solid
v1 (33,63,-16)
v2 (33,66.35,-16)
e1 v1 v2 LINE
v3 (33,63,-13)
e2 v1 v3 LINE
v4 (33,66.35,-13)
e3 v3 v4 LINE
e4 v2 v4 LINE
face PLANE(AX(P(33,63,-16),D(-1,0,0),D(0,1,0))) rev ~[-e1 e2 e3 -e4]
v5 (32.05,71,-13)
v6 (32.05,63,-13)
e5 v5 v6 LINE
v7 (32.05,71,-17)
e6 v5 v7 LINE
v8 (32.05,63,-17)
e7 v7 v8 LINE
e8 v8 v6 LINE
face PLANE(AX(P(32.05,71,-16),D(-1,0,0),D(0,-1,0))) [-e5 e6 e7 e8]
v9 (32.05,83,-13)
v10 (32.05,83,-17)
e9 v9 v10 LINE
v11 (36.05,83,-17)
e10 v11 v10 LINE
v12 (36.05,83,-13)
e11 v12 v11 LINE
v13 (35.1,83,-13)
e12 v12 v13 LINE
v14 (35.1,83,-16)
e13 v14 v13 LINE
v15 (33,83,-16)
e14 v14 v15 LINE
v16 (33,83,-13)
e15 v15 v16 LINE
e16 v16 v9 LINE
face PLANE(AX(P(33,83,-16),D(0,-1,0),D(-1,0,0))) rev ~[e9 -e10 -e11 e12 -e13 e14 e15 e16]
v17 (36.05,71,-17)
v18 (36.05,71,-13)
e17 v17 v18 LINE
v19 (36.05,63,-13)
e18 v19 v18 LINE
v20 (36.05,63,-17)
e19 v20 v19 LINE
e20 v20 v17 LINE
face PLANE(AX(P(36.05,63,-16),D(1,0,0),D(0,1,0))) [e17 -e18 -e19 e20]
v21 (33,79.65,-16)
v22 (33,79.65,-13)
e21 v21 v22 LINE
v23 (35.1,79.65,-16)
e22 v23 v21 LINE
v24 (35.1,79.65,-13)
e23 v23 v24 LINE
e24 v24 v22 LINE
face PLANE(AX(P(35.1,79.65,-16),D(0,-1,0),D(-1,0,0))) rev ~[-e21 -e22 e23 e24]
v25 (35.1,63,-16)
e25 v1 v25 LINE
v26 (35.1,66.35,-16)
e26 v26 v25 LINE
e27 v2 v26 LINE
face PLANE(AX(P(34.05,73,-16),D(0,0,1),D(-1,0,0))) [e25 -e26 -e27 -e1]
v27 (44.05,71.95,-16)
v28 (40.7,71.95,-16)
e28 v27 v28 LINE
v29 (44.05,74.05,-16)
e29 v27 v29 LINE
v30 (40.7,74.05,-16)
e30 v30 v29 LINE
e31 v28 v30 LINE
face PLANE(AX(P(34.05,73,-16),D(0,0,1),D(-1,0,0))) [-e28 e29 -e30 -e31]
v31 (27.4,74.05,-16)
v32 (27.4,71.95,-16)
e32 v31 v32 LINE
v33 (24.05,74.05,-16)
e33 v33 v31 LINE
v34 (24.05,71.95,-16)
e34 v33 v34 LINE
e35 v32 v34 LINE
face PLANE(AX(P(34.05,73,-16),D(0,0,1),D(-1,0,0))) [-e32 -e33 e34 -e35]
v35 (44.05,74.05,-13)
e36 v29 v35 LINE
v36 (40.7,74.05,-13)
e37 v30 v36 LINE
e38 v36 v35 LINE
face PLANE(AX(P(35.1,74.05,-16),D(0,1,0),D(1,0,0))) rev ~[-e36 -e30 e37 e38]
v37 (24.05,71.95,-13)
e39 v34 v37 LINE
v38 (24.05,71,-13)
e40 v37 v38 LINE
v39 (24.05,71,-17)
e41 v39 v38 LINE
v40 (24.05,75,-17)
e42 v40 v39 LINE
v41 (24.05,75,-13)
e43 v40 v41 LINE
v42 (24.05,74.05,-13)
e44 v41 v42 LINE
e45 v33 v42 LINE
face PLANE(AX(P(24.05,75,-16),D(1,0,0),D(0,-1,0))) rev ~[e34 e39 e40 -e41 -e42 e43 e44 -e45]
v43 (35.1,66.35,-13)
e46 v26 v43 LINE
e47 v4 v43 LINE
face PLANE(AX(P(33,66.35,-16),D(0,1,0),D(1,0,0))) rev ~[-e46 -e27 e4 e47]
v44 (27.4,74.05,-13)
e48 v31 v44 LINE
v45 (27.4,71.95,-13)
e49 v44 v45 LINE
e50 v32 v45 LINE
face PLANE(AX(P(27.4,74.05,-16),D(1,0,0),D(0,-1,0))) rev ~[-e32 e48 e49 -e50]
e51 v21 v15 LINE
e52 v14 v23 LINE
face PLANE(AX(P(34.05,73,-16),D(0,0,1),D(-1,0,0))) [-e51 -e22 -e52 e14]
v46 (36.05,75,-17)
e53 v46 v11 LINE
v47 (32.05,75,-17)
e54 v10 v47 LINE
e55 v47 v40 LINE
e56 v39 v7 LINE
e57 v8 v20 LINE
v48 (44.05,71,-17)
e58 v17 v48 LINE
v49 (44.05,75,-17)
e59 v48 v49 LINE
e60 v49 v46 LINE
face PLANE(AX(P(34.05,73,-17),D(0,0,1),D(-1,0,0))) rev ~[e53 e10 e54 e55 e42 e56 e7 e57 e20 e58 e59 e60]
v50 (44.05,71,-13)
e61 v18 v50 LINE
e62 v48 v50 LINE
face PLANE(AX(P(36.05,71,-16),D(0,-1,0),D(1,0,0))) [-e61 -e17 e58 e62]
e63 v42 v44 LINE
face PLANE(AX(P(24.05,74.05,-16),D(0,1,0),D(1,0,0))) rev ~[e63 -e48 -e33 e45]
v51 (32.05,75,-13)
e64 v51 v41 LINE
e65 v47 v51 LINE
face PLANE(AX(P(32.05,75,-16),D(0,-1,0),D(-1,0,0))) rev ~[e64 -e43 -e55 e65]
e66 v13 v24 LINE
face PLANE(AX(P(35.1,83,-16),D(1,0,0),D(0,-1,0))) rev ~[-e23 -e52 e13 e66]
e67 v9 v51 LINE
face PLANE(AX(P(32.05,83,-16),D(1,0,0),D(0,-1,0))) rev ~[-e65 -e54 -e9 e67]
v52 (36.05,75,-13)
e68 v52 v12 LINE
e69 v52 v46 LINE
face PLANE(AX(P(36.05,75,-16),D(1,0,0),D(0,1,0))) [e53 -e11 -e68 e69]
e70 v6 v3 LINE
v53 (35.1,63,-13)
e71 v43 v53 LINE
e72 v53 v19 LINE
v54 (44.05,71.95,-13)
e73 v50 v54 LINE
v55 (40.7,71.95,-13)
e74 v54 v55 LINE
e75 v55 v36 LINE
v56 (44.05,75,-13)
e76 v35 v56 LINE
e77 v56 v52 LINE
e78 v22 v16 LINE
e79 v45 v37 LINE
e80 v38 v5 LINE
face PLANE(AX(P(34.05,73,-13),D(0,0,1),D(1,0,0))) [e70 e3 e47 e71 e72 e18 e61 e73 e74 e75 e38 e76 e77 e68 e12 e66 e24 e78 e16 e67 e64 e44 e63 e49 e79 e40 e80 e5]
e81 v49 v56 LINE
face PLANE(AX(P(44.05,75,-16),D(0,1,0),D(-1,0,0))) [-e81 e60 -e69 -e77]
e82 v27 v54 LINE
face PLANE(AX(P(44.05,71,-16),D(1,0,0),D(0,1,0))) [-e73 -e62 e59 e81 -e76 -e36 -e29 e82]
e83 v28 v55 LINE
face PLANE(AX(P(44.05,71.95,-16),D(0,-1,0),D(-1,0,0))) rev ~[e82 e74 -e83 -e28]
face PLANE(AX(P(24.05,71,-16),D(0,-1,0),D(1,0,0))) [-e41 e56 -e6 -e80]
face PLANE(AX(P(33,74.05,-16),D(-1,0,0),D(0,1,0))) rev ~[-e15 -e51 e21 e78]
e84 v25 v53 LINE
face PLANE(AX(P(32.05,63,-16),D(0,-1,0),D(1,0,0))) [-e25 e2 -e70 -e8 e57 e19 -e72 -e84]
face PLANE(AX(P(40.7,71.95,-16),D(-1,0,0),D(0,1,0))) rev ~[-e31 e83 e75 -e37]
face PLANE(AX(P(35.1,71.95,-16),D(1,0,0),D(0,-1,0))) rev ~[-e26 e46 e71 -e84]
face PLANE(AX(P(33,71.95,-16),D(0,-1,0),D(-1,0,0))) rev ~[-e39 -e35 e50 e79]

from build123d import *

# Parameters (mm, degrees)
PAD325_DEPTH            = 1
PAD326_DEPTH            = 3
PAD327_DEPTH            = 3
BODY055_PLACEMENT_ANGLE = 180


with BuildPart() as part:
    # Sketch482 → Pad325 (new body)
    with BuildSketch(Plane.XY.offset(-28)):
        Polygon((-2, 2), (-2, 10), (2, 10), (2, 2), (10, 2), (10, -2), (2, -2), (2, -10), (-2, -10), (-2, -2), (-10, -2), (-10, 2), align=None)
    extrude(amount=PAD325_DEPTH)

    # Sketch483 (on Face13 of Pad325) → Pad326 (join)
    with BuildSketch(Plane(origin=(0, 0, -28), x_dir=(1, 0, 0), z_dir=(0, 0, -1))):
        Polygon((-2, 10), (-2, 2), (-10, 2), (-10, 1.05), (-1.05, 1.05), (-1.05, 10), align=None)
        Polygon((-10, -2), (-2, -2), (-2, -10), (-1.05, -10), (-1.05, -1.05), (-10, -1.05), align=None)
        Polygon((2, -10), (2, -2), (10, -2), (10, -1.05), (1.05, -1.05), (1.05, -10), align=None)
        Polygon((10, 2), (2, 2), (2, 10), (1.05, 10), (1.05, 1.05), (10, 1.05), align=None)
    extrude(amount=PAD326_DEPTH)

    # Sketch484 (on Face3 of Pad326) → Pad327 (join)
    with BuildSketch(Plane(origin=(0, 0, -28), x_dir=(1, 0, 0), z_dir=(0, 0, -1))):
        Polygon((-6.65, 1.05), (-6.65, -1.05), (-1.05, -1.05), (-1.05, -6.65), (1.05, -6.65), (1.05, -1.05), (6.65, -1.05), (6.65, 1.05), (1.05, 1.05), (1.05, 6.65), (-1.05, 6.65), (-1.05, 1.05), align=None)
    extrude(amount=PAD327_DEPTH)


with BuildPart() as part_1:
    # Body055 placement: moved
    add(part.part.moved(Location((34.05, 73, -44))).rotate(Axis((34.05, 73, -44), (1, 0, 0)), BODY055_PLACEMENT_ANGLE))


solid = part_1.part
